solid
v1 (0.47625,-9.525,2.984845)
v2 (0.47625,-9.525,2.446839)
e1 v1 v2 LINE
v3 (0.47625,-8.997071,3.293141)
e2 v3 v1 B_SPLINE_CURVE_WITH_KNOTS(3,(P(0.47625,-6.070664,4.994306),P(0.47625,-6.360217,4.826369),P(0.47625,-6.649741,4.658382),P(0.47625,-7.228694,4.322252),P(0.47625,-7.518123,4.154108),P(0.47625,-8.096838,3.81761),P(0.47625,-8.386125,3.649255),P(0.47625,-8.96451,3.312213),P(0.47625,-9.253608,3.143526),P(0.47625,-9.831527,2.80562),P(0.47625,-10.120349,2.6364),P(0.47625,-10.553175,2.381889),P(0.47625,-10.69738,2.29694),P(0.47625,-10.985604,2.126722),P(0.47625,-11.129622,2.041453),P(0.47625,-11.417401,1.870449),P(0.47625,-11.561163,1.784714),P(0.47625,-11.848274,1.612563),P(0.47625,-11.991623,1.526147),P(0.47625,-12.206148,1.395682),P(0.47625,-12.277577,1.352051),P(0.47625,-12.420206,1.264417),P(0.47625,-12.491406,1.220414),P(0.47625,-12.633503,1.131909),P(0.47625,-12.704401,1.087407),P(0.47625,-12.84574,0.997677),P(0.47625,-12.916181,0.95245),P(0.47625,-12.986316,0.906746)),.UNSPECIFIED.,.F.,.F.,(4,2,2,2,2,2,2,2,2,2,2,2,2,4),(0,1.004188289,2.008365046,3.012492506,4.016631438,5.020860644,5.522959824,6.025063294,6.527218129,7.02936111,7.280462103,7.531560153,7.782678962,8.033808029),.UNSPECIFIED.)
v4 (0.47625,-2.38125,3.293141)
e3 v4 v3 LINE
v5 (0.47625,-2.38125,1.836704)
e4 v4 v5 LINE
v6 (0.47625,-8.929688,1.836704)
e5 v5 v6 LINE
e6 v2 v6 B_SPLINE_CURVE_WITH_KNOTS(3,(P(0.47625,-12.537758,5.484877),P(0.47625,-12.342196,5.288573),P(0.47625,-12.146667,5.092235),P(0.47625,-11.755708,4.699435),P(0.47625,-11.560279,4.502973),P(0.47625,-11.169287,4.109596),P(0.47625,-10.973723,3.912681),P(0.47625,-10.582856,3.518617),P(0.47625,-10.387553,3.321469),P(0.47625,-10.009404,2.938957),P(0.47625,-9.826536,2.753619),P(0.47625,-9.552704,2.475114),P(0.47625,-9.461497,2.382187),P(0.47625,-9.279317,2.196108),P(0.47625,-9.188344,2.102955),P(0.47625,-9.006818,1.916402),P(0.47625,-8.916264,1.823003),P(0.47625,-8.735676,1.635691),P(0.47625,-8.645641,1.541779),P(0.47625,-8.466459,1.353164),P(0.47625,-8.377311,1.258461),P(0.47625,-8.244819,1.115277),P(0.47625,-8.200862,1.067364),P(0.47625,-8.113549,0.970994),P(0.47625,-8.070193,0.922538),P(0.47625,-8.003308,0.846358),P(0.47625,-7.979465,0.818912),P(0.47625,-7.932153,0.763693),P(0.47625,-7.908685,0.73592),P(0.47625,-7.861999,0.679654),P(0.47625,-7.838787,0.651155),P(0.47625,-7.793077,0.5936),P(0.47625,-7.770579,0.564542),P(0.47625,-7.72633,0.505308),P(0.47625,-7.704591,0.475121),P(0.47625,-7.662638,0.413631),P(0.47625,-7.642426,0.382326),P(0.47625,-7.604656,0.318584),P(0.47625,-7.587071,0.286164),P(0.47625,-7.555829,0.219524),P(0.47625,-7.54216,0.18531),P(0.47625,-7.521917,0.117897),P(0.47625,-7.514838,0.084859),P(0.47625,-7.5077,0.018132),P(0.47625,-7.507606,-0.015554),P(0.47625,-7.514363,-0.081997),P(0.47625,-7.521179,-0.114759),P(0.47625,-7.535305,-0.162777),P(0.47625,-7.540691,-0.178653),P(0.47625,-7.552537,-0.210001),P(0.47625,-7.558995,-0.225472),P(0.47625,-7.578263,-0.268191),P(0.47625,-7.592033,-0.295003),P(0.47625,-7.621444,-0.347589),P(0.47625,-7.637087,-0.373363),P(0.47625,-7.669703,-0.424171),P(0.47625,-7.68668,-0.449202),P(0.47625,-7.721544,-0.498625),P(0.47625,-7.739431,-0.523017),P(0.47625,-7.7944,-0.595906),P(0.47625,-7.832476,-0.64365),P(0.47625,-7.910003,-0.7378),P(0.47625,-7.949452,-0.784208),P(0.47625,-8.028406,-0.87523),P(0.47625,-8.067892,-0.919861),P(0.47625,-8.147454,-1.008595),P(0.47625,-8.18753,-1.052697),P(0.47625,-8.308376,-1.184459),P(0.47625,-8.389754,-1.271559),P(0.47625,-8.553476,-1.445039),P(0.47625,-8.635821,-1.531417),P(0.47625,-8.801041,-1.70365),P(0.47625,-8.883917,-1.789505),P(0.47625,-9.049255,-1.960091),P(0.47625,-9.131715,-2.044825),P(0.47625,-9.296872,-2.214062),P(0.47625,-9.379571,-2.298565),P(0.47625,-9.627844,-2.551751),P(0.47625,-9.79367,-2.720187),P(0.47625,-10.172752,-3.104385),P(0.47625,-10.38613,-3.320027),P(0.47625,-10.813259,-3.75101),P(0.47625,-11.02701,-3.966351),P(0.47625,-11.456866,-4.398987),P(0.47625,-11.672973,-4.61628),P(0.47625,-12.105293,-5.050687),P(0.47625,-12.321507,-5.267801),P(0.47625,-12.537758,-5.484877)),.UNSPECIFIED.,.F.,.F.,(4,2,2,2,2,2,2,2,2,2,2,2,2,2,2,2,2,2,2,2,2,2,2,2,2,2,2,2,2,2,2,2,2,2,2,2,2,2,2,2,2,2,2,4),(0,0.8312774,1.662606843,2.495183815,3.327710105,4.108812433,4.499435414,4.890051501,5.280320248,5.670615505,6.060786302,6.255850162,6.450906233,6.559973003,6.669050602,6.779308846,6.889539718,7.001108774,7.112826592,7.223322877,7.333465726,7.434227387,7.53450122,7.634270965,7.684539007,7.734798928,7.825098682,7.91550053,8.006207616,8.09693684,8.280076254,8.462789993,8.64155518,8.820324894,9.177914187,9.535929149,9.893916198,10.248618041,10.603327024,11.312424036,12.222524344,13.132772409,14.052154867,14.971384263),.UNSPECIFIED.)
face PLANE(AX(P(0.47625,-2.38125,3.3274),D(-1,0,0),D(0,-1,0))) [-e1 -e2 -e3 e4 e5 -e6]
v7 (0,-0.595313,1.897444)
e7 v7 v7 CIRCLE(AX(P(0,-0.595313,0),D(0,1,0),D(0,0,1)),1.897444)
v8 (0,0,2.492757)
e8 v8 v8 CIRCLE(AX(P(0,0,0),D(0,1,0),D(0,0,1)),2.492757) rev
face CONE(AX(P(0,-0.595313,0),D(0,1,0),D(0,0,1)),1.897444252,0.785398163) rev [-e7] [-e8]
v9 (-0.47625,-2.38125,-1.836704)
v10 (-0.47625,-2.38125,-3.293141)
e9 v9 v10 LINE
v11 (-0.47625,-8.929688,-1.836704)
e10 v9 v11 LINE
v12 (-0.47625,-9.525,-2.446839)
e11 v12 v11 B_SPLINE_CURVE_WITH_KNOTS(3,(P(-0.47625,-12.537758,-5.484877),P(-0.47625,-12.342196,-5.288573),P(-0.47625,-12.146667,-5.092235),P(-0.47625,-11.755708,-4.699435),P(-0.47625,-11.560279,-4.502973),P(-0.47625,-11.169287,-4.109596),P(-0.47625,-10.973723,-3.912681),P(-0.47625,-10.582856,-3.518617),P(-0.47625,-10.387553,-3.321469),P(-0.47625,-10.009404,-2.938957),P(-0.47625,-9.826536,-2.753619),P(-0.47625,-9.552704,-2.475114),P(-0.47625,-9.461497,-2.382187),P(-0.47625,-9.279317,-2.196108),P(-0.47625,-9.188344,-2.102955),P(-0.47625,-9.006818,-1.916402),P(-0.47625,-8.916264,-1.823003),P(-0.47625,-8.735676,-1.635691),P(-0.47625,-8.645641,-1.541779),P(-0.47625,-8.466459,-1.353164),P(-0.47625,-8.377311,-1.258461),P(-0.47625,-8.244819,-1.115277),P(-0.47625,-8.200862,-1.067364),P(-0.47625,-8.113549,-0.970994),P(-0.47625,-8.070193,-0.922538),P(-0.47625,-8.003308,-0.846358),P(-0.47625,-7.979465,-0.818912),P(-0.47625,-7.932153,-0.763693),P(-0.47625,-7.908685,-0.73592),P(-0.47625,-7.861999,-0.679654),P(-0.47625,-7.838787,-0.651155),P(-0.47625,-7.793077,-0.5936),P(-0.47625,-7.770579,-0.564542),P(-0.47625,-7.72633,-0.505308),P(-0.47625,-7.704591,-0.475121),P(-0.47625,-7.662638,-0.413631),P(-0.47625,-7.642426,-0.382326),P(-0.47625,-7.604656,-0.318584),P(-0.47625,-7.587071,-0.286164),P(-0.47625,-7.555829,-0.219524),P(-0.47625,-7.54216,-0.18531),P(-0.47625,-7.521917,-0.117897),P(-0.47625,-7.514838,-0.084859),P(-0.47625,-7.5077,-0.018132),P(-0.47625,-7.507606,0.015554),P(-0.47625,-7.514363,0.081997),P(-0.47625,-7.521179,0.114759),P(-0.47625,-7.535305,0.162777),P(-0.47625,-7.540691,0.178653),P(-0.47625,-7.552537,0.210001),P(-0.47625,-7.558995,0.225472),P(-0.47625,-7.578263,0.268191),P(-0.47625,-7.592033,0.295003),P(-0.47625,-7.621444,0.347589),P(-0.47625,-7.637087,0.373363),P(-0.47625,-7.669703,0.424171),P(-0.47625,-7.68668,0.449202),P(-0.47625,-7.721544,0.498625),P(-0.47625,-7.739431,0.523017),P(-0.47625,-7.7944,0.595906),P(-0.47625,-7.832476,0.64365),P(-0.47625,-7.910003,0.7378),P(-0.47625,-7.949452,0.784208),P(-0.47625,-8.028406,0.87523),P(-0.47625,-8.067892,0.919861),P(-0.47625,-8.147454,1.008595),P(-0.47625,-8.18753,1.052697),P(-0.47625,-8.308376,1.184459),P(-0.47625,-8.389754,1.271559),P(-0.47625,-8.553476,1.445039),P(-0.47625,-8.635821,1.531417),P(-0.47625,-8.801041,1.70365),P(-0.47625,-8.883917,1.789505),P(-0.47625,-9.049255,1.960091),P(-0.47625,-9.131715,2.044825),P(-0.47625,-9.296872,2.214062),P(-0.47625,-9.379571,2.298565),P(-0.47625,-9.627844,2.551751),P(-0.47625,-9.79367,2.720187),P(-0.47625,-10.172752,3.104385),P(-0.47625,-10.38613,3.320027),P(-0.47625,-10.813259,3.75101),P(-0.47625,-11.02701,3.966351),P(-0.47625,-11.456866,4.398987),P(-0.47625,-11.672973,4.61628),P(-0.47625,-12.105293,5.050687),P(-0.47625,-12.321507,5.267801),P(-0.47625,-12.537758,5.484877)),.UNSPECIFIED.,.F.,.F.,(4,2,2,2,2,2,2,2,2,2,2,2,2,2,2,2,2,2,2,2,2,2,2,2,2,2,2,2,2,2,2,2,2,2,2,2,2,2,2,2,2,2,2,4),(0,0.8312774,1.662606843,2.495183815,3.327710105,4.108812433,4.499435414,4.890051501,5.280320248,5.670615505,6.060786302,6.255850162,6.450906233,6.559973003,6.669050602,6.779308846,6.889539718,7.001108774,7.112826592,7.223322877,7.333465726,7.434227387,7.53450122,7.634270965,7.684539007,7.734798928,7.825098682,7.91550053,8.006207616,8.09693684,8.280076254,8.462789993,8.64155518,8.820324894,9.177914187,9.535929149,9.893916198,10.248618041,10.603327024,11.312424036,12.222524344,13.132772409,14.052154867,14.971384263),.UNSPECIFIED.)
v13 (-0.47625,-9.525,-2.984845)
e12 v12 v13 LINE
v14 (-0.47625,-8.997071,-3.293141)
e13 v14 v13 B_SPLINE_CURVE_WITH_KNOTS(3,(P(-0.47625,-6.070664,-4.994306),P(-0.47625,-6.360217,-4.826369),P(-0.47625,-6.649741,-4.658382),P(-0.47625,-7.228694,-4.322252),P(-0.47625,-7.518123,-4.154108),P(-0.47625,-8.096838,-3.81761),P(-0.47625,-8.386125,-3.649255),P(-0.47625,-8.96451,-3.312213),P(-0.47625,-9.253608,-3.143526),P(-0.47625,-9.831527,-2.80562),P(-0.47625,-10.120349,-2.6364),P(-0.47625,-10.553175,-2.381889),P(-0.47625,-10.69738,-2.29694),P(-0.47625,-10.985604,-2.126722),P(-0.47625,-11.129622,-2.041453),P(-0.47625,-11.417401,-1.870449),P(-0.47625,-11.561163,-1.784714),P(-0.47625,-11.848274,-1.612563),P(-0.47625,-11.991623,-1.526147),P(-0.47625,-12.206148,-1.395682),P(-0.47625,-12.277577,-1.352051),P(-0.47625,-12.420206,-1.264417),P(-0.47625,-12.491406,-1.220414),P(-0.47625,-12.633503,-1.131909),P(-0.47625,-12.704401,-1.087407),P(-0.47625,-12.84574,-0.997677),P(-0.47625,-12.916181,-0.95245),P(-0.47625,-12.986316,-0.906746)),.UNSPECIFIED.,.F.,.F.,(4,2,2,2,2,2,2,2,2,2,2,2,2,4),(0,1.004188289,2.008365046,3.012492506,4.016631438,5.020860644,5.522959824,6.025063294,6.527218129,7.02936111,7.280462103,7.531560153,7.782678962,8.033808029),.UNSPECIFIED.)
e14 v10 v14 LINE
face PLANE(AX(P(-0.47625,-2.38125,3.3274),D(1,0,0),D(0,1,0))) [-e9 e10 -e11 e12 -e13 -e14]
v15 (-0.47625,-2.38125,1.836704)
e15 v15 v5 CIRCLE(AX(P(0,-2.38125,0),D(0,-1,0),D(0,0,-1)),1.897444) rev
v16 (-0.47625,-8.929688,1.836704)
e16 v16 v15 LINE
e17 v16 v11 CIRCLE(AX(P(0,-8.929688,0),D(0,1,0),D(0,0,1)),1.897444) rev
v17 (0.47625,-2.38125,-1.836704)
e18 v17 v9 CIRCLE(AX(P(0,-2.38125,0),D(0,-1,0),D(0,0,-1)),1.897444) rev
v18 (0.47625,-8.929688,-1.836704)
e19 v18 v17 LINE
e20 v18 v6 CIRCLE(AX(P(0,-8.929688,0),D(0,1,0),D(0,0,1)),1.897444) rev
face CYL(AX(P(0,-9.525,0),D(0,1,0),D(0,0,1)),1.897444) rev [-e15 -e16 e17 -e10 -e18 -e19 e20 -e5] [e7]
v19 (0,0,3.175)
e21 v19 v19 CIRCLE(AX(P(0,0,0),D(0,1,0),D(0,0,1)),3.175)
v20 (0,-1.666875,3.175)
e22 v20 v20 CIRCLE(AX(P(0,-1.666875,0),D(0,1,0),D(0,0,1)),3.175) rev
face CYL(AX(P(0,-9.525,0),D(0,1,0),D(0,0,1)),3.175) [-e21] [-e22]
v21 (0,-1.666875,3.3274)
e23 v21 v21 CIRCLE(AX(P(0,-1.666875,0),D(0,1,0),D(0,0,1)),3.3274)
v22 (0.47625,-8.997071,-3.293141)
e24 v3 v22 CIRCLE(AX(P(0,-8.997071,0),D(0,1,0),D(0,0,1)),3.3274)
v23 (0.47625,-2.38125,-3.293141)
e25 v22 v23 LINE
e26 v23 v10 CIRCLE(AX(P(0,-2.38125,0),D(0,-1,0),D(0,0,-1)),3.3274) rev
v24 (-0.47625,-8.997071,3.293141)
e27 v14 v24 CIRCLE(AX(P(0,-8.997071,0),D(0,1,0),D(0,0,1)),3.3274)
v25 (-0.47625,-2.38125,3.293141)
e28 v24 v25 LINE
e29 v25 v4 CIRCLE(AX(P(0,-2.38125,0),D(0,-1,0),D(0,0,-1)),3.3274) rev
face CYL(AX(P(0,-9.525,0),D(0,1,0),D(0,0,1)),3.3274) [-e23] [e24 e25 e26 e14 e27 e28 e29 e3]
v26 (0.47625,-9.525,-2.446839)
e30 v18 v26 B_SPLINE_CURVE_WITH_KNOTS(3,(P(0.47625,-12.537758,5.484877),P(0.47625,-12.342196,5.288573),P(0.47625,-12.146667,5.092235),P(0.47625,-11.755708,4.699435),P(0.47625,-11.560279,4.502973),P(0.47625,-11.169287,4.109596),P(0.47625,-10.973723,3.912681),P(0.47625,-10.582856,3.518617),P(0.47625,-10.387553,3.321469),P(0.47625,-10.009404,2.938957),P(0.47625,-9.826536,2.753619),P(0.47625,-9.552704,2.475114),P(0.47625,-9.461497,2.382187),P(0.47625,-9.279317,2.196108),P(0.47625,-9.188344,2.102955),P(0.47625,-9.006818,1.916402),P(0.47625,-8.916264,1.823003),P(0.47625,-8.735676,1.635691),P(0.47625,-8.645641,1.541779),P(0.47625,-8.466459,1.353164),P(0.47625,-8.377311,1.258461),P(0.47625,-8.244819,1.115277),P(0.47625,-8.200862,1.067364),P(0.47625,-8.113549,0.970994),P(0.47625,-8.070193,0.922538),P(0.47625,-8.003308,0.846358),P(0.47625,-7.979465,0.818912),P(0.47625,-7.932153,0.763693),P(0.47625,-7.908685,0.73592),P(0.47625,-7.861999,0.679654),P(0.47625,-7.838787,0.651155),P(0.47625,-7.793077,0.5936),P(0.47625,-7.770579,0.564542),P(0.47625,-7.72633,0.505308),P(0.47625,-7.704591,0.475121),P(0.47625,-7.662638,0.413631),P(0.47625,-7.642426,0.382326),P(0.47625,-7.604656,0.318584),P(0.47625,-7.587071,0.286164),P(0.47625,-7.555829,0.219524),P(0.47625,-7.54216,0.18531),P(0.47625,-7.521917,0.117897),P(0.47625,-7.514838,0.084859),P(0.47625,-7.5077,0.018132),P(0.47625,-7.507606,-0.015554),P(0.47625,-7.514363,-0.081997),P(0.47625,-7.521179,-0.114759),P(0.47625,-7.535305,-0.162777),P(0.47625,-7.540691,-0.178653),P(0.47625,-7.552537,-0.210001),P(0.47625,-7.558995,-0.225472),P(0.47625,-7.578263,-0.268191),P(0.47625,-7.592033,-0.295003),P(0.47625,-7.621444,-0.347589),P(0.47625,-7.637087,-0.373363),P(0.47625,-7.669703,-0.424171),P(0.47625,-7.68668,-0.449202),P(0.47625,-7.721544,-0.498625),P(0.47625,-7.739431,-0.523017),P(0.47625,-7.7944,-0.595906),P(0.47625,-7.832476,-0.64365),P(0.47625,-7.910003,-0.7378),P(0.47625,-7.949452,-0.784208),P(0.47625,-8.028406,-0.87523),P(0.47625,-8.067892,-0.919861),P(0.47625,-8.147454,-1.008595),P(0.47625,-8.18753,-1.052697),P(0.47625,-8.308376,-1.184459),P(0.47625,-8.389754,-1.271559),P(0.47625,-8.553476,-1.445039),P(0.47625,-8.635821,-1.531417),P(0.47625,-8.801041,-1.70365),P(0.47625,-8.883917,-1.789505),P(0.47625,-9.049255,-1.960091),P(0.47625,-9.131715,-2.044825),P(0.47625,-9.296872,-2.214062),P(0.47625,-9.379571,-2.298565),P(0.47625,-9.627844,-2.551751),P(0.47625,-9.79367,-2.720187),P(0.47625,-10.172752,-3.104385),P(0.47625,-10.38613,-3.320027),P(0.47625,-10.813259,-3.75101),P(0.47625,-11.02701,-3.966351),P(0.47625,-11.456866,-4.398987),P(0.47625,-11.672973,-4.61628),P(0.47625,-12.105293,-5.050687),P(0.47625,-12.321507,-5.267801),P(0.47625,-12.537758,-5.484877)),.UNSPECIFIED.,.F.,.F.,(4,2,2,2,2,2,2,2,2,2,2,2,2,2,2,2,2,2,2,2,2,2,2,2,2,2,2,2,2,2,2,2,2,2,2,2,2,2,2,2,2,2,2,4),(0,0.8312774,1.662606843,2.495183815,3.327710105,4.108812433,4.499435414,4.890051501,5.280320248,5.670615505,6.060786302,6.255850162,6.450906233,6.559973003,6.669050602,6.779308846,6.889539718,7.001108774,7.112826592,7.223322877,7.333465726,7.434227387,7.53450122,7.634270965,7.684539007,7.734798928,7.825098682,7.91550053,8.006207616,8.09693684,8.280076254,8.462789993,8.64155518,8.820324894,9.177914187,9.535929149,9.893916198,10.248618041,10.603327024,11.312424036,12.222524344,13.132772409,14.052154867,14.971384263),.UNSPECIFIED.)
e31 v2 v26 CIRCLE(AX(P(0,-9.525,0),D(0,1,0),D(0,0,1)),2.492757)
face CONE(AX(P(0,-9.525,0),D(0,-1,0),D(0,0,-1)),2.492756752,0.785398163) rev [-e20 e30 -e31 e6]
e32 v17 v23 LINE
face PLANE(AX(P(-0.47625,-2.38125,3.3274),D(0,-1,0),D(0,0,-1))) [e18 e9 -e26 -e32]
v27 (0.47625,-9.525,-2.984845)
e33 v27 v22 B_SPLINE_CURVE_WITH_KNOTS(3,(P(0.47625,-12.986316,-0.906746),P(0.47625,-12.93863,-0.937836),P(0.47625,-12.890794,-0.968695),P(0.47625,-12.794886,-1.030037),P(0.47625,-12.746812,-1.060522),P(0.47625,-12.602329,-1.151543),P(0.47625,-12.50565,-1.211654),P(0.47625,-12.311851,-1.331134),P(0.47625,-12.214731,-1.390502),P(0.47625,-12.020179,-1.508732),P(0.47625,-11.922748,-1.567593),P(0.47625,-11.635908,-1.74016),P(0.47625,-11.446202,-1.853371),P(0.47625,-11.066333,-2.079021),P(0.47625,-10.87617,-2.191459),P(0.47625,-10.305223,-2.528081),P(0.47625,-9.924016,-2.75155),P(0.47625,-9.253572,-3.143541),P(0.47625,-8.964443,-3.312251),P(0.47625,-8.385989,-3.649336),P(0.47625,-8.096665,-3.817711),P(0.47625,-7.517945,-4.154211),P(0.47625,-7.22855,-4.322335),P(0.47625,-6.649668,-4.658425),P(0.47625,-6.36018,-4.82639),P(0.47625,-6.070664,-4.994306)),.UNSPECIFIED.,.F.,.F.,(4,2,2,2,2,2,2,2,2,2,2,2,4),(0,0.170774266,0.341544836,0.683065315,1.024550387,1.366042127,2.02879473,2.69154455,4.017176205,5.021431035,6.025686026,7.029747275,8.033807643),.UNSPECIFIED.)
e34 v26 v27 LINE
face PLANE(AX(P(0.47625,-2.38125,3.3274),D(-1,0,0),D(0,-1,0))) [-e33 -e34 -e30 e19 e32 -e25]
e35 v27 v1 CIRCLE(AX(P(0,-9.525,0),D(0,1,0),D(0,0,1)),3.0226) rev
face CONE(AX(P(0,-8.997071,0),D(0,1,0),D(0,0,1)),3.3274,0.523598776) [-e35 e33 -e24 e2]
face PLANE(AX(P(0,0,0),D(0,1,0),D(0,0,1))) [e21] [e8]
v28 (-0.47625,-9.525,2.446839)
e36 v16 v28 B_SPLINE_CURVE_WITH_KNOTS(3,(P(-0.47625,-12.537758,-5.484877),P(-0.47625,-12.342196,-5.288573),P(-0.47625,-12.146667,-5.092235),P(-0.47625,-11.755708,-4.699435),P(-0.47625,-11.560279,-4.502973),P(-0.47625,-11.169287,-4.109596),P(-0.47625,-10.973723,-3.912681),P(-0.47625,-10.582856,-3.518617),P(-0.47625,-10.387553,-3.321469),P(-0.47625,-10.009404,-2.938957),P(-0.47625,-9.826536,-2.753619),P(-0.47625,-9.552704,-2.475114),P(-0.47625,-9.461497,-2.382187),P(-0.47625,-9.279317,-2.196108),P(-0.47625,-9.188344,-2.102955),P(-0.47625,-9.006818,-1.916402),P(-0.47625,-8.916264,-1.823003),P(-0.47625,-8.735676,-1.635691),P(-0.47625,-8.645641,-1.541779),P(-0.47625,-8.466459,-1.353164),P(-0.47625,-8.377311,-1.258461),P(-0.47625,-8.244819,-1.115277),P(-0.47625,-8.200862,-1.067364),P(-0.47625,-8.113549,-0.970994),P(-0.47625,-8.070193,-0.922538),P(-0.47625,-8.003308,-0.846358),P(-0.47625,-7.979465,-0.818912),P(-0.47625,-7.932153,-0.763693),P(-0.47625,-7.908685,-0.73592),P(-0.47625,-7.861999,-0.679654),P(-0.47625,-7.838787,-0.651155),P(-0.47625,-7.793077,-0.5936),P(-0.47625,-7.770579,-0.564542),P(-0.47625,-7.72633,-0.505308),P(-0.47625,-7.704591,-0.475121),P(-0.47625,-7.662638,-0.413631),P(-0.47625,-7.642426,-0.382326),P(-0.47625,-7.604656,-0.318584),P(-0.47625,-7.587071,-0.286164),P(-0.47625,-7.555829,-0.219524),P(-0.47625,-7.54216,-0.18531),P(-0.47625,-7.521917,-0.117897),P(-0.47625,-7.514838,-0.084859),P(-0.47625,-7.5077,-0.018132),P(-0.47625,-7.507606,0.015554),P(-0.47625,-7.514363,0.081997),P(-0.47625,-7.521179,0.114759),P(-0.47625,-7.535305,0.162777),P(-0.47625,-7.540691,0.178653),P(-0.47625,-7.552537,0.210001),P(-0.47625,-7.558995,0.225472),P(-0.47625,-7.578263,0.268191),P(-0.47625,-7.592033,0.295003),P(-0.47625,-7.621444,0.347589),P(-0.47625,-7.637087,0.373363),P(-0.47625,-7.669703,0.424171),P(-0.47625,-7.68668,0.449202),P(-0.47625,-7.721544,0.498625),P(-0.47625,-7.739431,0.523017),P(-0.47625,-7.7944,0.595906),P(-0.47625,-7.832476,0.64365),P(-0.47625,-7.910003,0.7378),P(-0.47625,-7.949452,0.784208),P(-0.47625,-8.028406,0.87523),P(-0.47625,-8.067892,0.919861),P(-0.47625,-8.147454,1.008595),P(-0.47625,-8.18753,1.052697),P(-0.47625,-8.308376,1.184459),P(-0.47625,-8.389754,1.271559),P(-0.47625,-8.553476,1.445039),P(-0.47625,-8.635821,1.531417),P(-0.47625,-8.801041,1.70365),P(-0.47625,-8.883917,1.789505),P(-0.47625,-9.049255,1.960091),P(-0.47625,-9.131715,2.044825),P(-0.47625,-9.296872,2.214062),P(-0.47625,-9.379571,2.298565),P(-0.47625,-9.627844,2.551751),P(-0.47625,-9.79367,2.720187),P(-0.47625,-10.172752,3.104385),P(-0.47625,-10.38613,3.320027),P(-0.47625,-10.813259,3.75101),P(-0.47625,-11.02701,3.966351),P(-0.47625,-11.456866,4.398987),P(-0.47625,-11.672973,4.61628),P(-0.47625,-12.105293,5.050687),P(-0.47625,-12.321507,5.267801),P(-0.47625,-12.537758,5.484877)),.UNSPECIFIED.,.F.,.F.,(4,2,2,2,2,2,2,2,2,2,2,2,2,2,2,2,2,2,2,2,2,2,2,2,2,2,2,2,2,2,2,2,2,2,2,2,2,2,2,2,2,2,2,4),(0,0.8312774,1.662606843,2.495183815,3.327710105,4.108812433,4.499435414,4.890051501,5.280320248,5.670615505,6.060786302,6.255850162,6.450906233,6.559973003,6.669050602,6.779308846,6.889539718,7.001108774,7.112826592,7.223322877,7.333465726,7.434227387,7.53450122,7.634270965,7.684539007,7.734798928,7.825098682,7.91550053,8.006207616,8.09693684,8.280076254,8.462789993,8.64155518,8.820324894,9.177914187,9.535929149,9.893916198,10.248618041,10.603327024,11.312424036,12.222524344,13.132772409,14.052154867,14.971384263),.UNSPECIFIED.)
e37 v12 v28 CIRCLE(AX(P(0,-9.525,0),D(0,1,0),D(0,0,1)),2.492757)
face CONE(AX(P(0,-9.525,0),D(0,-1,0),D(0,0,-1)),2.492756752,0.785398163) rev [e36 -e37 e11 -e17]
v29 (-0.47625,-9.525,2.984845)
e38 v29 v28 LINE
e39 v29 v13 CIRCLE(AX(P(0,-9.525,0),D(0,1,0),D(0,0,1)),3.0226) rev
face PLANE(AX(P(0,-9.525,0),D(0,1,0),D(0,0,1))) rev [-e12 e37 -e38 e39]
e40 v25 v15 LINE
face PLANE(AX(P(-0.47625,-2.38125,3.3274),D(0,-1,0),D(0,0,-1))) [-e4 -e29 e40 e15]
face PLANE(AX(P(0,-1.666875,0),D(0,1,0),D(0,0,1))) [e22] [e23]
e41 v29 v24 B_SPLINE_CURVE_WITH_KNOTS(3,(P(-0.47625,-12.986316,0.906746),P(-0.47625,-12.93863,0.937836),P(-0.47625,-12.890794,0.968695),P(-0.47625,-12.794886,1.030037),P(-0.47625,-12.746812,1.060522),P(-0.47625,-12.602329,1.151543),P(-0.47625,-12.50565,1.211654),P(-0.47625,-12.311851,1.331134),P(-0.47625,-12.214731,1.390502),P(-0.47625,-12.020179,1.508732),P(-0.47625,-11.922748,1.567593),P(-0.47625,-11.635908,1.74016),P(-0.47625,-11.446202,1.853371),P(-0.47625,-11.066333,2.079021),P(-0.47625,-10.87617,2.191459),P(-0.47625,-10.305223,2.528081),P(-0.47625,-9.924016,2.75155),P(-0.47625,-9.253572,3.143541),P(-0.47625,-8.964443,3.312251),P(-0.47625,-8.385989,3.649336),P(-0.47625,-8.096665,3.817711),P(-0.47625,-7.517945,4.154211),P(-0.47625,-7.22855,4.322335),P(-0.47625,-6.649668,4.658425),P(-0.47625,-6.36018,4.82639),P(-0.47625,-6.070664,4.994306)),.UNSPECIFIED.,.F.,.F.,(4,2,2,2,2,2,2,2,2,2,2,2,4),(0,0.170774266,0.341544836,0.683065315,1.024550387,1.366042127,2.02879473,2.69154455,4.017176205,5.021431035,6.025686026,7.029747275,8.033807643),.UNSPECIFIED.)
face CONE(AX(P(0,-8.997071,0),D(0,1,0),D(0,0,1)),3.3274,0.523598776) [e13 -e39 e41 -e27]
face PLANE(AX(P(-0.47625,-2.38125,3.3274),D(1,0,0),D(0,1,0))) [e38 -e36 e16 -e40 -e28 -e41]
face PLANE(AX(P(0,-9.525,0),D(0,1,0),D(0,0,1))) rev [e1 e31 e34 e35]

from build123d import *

# Parameters (mm, degrees)
SKETCH1_R           = 3.175
EXTRUDE1_DEPTH      = 9.525
EXTRUDE2_START      = -9.525
SKETCH1_4_R         = 3.3274
SKETCH1_4_R_2       = 3.175
EXTRUDE2_DEPTH      = 7.858125
EXTRUDE3_START      = -9.525
SKETCH4_R           = 1.897444252
EXTRUDE3_DEPTH      = 9.525
CHAMFER1_SIZE       = 0.5953125
CHAMFER2_SIZE       = 0.3048
CHAMFER2_SIZE2      = 0.527929086
SKETCH8_W           = 0.9525
SKETCH8_H           = 7.14375
EXTRUDE4_DEPTH      = 4.3274
EXTRUDE4_DEPTH_BACK = 4.3274


with BuildPart() as part:
    # Sketch1 → Extrude1 (new body)
    with BuildSketch(Plane(origin=(0, 0, 0), x_dir=(1, 0, 0), z_dir=(0, 1, 0))):
        Circle(SKETCH1_R)
    extrude(amount=-EXTRUDE1_DEPTH)

    # Sketch1<4> → Extrude2 (add)
    with BuildSketch(Plane(origin=(0, 0, 0), x_dir=(1, 0, 0), z_dir=(0, 1, 0)).offset(EXTRUDE2_START)):
        Circle(SKETCH1_4_R)
        Circle(SKETCH1_4_R_2, mode=Mode.SUBTRACT)
    extrude(amount=EXTRUDE2_DEPTH)

    # Sketch4 → Extrude3 (cut)
    with BuildSketch(Plane(origin=(0, 0, 0), x_dir=(1, 0, 0), z_dir=(0, 1, 0)).offset(EXTRUDE3_START)):
        Circle(SKETCH4_R)
    extrude(amount=EXTRUDE3_DEPTH, mode=Mode.SUBTRACT)

    # Chamfer1
    chamfer1_edges = [part.edges().sort_by_distance(p)[0] for p in [
        (-1.897444252, -9.525, 0),
        (-1.897444252, 0, 0),
    ]]
    chamfer(chamfer1_edges, length=CHAMFER1_SIZE)

    # Chamfer2
    chamfer2_edges = [part.edges().sort_by_distance(p)[0] for p in [
        (-3.3274, -9.525, 0),
    ]]
    chamfer2_side = [part.faces().sort_by_distance(p)[0] for p in [
        (-2.586869836, -9.525, 0),
    ]]
    chamfer(chamfer2_edges, length=CHAMFER2_SIZE, length2=CHAMFER2_SIZE2, reference=chamfer2_side[0])

    # Sketch8 → Extrude4 (cut, two sides)
    with BuildSketch(Plane.XY) as extrude4_sk:
        with Locations((0, -5.953125)):
            Rectangle(SKETCH8_W, SKETCH8_H)
    extrude(amount=EXTRUDE4_DEPTH, mode=Mode.SUBTRACT)
    extrude(extrude4_sk.sketch, amount=-EXTRUDE4_DEPTH_BACK, mode=Mode.SUBTRACT)


solid = part.part
